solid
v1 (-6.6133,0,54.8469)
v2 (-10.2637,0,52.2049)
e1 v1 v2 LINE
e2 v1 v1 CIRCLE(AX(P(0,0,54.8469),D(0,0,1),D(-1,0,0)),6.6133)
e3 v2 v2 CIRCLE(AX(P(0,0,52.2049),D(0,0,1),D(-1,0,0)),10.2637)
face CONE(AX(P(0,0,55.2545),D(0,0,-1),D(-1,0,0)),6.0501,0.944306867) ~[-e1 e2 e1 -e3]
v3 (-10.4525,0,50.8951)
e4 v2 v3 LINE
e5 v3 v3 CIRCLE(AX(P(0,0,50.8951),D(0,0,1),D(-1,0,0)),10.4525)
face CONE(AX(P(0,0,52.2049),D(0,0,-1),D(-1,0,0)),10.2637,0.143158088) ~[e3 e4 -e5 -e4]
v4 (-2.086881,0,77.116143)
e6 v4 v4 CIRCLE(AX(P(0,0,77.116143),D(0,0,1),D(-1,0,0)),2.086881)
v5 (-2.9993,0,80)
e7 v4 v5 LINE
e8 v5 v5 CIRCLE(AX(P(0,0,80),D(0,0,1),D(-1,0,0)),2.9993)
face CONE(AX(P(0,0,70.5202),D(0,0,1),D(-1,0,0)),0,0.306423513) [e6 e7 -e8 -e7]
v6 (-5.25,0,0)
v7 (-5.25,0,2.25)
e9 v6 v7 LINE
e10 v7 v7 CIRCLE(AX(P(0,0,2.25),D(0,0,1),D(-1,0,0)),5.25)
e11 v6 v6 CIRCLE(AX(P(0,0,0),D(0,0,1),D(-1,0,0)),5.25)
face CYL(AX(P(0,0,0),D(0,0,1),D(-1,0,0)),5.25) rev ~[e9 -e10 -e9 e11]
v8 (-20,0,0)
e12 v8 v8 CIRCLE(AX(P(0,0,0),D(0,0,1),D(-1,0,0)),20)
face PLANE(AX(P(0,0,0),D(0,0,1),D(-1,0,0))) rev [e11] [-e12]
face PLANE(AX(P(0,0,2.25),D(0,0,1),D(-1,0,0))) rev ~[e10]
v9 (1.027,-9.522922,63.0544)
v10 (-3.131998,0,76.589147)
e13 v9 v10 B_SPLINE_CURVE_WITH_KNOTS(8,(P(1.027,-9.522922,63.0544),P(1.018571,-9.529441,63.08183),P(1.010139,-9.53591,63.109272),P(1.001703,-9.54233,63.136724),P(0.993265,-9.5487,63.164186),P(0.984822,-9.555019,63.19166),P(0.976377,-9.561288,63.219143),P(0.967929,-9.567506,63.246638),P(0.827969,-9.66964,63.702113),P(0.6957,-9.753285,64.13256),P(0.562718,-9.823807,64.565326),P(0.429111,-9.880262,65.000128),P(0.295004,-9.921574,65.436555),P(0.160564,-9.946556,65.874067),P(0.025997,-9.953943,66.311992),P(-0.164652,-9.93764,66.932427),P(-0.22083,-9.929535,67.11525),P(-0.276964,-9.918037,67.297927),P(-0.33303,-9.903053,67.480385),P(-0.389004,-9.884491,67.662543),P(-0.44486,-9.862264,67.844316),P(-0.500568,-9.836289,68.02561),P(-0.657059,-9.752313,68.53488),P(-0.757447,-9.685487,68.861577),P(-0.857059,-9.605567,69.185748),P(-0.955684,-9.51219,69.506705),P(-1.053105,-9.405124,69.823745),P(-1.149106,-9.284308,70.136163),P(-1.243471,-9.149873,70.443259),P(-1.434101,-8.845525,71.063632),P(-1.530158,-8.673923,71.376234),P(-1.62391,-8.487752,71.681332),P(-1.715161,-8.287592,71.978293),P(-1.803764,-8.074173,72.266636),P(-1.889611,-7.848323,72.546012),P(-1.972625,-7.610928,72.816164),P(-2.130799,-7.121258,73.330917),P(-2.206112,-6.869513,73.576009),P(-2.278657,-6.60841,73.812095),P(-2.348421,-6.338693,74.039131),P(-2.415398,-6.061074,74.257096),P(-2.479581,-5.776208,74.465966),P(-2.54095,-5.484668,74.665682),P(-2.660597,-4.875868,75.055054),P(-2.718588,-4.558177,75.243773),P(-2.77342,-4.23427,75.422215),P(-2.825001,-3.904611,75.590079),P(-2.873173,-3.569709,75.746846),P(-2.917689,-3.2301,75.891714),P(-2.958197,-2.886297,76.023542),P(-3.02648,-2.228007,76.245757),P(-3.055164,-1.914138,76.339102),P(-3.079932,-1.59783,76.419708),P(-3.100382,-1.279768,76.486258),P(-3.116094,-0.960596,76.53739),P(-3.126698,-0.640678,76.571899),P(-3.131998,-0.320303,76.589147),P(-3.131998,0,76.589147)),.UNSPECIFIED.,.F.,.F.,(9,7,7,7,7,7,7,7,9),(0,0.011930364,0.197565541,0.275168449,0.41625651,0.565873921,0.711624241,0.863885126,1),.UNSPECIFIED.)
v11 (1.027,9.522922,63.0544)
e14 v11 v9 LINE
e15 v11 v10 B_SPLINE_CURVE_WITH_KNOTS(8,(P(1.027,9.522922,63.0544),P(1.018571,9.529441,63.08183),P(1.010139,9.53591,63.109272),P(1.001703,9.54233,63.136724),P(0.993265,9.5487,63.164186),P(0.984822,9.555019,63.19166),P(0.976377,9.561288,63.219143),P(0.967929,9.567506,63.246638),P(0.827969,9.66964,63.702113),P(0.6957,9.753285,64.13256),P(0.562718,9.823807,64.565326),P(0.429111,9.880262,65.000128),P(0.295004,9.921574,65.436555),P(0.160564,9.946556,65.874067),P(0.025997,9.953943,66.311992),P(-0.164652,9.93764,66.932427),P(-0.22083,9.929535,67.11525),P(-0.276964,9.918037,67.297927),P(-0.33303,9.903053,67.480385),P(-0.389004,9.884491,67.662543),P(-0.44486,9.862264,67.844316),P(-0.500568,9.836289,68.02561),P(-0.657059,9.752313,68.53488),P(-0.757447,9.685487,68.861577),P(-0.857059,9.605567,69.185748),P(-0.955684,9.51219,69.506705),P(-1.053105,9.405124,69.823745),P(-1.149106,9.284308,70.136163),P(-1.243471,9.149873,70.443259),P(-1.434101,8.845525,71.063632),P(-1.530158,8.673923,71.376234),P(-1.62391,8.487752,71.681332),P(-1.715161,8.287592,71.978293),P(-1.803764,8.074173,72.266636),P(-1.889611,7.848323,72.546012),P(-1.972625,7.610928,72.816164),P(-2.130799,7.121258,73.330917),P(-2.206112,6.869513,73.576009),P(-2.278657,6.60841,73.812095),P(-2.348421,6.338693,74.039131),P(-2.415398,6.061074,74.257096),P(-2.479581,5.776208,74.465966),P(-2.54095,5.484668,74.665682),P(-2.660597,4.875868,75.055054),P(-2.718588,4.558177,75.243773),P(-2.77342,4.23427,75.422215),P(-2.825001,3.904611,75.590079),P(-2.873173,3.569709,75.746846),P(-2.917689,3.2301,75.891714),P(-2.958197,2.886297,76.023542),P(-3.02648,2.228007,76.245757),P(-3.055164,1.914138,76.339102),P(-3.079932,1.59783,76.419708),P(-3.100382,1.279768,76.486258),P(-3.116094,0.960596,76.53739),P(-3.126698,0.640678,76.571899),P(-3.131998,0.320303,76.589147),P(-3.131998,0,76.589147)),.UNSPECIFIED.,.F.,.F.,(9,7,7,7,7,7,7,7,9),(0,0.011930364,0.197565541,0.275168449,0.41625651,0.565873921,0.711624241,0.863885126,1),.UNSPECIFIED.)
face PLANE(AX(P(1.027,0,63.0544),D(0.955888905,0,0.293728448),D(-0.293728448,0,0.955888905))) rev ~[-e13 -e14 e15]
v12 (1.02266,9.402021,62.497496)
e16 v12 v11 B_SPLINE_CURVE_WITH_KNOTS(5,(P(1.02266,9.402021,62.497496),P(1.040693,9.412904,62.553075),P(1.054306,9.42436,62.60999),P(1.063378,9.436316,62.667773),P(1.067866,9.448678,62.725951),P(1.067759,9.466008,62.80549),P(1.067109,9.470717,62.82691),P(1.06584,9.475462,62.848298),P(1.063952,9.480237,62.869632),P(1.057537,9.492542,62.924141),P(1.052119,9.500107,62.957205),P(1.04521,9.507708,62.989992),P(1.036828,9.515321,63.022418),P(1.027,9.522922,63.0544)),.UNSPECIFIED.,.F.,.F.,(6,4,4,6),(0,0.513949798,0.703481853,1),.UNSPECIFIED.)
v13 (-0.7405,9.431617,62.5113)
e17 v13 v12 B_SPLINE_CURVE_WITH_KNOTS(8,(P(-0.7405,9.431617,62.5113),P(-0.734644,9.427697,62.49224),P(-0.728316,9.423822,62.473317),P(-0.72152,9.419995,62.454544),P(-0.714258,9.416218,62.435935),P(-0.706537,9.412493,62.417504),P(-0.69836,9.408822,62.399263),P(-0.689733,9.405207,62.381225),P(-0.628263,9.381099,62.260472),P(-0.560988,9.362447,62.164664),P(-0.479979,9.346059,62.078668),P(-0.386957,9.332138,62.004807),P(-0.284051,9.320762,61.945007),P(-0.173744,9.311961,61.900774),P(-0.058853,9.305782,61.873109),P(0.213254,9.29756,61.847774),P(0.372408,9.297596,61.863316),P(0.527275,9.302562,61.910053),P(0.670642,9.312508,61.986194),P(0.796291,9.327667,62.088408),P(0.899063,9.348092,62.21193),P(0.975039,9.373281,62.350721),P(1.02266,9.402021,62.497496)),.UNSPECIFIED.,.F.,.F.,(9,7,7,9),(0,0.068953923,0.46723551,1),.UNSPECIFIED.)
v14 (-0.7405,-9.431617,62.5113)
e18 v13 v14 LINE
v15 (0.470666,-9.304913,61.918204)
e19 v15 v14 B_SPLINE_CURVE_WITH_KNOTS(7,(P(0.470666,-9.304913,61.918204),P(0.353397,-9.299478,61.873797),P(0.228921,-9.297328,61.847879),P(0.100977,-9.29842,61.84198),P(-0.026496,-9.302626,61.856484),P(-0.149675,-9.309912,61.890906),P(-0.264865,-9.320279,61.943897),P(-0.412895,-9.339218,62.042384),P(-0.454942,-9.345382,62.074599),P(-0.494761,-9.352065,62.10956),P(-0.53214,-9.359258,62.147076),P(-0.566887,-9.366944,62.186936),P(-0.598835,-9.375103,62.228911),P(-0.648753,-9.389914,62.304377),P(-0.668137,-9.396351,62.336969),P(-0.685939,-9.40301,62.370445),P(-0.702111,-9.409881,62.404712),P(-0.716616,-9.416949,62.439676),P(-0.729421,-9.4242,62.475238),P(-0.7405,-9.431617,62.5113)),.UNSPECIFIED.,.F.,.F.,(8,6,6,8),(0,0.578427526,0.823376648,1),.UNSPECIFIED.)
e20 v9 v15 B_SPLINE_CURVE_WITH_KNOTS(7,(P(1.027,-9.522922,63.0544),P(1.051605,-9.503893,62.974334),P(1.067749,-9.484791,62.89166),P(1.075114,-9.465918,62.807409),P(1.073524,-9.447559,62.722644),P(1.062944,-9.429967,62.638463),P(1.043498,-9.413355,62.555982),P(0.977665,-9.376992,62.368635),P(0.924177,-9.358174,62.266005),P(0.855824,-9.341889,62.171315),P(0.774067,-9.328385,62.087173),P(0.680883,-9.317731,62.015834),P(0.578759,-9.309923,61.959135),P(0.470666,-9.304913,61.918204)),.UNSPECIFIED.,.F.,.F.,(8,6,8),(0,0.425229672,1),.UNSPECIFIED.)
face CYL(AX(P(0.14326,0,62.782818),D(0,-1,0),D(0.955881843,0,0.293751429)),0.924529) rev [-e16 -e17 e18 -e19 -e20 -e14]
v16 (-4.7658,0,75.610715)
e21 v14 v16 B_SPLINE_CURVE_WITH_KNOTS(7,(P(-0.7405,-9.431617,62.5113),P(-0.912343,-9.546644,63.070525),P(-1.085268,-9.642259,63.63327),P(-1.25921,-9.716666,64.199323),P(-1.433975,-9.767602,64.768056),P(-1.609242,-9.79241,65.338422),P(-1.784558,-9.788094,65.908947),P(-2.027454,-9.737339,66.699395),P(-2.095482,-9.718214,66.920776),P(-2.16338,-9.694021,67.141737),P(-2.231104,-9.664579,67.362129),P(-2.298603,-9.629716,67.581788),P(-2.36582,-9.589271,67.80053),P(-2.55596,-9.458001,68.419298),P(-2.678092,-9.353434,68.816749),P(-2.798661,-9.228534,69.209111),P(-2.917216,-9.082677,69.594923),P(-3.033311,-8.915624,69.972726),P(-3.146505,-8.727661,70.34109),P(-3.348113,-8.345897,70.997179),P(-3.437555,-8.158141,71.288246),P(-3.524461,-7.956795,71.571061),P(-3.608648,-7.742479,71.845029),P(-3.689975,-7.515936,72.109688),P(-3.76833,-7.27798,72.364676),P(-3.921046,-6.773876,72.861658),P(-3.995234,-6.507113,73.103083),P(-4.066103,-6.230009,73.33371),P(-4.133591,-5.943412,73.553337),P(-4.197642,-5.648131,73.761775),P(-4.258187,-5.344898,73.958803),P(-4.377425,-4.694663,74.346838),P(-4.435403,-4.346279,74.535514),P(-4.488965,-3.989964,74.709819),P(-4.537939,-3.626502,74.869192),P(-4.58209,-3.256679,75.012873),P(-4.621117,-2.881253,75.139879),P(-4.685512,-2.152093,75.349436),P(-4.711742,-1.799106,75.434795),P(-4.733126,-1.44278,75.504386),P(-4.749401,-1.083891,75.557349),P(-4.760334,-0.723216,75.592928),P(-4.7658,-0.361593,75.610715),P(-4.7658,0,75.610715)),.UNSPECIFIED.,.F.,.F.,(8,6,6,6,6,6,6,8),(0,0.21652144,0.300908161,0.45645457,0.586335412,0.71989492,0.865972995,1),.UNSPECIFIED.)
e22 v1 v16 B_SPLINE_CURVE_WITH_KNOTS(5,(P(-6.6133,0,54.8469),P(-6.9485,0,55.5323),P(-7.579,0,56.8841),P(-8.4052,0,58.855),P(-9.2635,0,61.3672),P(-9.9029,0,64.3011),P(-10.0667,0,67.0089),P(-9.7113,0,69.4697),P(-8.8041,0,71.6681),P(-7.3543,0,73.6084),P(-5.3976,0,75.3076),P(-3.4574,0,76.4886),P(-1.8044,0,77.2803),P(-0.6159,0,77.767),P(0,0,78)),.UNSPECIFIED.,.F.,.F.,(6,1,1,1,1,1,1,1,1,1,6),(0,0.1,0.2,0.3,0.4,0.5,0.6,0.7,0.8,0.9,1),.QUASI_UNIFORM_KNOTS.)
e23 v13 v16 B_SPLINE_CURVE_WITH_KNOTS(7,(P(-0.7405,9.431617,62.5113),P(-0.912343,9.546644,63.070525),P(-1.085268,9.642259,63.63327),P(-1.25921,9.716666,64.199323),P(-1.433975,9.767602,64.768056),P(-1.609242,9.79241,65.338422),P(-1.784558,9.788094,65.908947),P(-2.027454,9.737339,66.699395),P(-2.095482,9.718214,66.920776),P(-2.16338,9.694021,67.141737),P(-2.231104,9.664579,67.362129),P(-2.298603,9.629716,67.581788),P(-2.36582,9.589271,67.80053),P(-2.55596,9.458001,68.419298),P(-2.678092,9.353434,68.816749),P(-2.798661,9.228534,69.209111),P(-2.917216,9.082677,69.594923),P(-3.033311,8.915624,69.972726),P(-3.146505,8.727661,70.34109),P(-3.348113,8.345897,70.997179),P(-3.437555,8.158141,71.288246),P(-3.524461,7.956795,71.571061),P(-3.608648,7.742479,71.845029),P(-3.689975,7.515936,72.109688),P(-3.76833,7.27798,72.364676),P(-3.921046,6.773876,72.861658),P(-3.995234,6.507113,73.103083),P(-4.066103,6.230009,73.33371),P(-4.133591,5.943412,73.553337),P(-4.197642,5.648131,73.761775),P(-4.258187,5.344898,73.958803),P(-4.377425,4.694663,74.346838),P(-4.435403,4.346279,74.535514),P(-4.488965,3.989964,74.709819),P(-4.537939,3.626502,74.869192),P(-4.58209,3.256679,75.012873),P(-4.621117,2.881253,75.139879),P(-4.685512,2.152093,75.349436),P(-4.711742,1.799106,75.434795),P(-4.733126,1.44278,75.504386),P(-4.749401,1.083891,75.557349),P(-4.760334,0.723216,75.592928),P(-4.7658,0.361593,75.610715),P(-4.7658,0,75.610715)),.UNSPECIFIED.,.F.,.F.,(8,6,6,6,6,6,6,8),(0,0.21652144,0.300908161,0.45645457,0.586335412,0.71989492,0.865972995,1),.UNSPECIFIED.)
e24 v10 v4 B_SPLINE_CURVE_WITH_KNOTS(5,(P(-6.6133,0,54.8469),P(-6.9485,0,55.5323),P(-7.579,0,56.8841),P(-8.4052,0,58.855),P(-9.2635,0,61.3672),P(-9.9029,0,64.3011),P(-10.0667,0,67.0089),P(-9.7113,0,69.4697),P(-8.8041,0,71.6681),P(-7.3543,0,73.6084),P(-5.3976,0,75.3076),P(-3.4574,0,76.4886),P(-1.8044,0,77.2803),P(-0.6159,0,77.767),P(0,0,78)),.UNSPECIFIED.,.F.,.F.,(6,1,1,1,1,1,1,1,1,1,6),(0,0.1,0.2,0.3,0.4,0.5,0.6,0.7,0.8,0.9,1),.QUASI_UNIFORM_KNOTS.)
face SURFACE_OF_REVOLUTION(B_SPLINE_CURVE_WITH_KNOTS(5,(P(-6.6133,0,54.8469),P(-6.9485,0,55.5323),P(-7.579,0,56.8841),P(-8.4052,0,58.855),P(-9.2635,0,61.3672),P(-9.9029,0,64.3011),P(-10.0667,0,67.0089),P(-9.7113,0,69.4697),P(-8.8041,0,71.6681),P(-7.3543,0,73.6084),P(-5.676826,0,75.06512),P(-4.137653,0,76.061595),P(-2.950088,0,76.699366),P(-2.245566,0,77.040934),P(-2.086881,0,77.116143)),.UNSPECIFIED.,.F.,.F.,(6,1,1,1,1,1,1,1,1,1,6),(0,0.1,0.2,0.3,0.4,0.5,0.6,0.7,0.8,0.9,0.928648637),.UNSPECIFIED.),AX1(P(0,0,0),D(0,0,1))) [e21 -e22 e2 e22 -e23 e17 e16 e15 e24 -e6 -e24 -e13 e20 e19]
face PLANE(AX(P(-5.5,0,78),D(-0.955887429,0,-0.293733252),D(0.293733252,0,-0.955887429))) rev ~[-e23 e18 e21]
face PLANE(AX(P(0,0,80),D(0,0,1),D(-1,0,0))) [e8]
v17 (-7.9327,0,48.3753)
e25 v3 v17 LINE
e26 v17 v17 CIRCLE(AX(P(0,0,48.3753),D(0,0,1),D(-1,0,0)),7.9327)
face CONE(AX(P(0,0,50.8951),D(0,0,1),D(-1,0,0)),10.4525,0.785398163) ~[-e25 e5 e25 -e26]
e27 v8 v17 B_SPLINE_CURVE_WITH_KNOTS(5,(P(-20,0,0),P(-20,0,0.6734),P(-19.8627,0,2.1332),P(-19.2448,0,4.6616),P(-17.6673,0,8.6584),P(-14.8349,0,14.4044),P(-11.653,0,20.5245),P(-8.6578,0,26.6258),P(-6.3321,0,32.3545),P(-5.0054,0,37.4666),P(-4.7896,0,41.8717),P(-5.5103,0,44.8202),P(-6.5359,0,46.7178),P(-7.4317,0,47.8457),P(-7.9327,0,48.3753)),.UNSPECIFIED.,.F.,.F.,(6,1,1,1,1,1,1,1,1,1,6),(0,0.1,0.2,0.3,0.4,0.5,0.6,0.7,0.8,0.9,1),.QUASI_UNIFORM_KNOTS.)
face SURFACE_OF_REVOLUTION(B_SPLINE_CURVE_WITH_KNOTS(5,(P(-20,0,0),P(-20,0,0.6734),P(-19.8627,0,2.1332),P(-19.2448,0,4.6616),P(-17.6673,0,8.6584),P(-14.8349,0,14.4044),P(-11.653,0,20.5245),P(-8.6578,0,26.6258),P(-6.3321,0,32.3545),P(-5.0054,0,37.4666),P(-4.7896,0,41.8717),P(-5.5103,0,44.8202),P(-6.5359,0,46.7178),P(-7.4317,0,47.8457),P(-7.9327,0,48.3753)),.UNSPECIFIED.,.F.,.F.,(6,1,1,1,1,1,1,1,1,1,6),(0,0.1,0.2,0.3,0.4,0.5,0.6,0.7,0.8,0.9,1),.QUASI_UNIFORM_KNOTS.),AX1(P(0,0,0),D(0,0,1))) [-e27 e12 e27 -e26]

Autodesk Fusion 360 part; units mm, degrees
sketch "Sketch1" plane through (0, 0, 0) normal (0, 1, 0) x (1, 0, 0)
  line L0 (0, 0) -> (0, -80)
  line L1 (0, 0) -> (-20, 0)
  line L2 (-6.0501, -55.2545) -> (-10.2637, -52.2049)
  line L3 (-10.4525, -50.8951) -> (-5.4129, -45.8555)
  line L4 (-10.2637, -52.2049) -> (-10.4525, -50.8951)
  line L5 (0, -70.5202) -> (-2.9993, -80)
  line L6 (-2.9993, -80) -> (0, -80)
  spline S0 degree 5 poles (-20, 0) (-20, -0.6734) (-19.8627, -2.1332) (-19.2448, -4.6616) (-17.6673, -8.6584) (-14.8349, -14.4044) (-11.653, -20.5245) (-8.6578, -26.6258) (-6.3321, -32.3545) (-5.0054, -37.4666) (-4.7896, -41.8717) (-5.5103, -44.8202) (-6.5359, -46.7178) (-7.4317, -47.8457) (-7.9327, -48.3753) knots 0 0 0 0 0 0 0.1 0.2 0.3 0.4 0.5 0.6 0.7 0.8 0.9 1 1 1 1 1 1
  spline S1 degree 5 poles (-6.6133, -54.8469) (-6.9485, -55.5323) (-7.579, -56.8841) (-8.4052, -58.855) (-9.2635, -61.3672) (-9.9029, -64.3011) (-10.0667, -67.0089) (-9.7113, -69.4697) (-8.8041, -71.6681) (-7.3543, -73.6084) (-5.3976, -75.3076) (-3.4574, -76.4886) (-1.8044, -77.2803) (-0.6159, -77.767) (0, -78) knots 0 0 0 0 0 0 0.1 0.2 0.3 0.4 0.5 0.6 0.7 0.8 0.9 1 1 1 1 1 1
  line L7 (-20, 3) -> (-20, -3)
  line L8 (-5.25, 0) -> (-5.25, -2.25)
  line L9 (-5.25, -2.25) -> (0, -2.25)
  point P0 (-7, -31)
  point P1 (-9.3943, -69.9909)
  dimension "d2" = 20
  dimension "d5" = 80
  dimension "d7" = 45
  dimension "d8" = 2.25
  dimension "d9" = 5.25
revolve "Revolve1" add sketch "Sketch1" angle 360 about axis through (0, 0, 0) along (0, 0, 1) contours L0 L1 L2 L3 L4 L5 S0 S1 L8 L9 | L0 L5 S1 | L0 L5 L6 S1
sketch "Sketch2" plane through (0, 0, 0) normal (0, 1, 0) x (1, 0, 0)
  line L0 (-5.5, -78) -> (-0.7405, -62.5113)
  line L1 (-0.7405, -62.5113) -> (1.027, -63.0544)
  line L2 (1.027, -63.0544) -> (-3.8706, -78.9928)
  arc A0 (1.027, -63.0544) -> (-0.7405, -62.5113) centre (0.1432, -62.7828) ccw
  line L3 (-5.5, -78) -> (-3.8706, -78.9928)
extrude "Extrude1" cut sketch "Sketch2" along normal through all and the other way through all
equation "d1 = 8 cm"
equation "d2 = d1 * 1 / 4"
